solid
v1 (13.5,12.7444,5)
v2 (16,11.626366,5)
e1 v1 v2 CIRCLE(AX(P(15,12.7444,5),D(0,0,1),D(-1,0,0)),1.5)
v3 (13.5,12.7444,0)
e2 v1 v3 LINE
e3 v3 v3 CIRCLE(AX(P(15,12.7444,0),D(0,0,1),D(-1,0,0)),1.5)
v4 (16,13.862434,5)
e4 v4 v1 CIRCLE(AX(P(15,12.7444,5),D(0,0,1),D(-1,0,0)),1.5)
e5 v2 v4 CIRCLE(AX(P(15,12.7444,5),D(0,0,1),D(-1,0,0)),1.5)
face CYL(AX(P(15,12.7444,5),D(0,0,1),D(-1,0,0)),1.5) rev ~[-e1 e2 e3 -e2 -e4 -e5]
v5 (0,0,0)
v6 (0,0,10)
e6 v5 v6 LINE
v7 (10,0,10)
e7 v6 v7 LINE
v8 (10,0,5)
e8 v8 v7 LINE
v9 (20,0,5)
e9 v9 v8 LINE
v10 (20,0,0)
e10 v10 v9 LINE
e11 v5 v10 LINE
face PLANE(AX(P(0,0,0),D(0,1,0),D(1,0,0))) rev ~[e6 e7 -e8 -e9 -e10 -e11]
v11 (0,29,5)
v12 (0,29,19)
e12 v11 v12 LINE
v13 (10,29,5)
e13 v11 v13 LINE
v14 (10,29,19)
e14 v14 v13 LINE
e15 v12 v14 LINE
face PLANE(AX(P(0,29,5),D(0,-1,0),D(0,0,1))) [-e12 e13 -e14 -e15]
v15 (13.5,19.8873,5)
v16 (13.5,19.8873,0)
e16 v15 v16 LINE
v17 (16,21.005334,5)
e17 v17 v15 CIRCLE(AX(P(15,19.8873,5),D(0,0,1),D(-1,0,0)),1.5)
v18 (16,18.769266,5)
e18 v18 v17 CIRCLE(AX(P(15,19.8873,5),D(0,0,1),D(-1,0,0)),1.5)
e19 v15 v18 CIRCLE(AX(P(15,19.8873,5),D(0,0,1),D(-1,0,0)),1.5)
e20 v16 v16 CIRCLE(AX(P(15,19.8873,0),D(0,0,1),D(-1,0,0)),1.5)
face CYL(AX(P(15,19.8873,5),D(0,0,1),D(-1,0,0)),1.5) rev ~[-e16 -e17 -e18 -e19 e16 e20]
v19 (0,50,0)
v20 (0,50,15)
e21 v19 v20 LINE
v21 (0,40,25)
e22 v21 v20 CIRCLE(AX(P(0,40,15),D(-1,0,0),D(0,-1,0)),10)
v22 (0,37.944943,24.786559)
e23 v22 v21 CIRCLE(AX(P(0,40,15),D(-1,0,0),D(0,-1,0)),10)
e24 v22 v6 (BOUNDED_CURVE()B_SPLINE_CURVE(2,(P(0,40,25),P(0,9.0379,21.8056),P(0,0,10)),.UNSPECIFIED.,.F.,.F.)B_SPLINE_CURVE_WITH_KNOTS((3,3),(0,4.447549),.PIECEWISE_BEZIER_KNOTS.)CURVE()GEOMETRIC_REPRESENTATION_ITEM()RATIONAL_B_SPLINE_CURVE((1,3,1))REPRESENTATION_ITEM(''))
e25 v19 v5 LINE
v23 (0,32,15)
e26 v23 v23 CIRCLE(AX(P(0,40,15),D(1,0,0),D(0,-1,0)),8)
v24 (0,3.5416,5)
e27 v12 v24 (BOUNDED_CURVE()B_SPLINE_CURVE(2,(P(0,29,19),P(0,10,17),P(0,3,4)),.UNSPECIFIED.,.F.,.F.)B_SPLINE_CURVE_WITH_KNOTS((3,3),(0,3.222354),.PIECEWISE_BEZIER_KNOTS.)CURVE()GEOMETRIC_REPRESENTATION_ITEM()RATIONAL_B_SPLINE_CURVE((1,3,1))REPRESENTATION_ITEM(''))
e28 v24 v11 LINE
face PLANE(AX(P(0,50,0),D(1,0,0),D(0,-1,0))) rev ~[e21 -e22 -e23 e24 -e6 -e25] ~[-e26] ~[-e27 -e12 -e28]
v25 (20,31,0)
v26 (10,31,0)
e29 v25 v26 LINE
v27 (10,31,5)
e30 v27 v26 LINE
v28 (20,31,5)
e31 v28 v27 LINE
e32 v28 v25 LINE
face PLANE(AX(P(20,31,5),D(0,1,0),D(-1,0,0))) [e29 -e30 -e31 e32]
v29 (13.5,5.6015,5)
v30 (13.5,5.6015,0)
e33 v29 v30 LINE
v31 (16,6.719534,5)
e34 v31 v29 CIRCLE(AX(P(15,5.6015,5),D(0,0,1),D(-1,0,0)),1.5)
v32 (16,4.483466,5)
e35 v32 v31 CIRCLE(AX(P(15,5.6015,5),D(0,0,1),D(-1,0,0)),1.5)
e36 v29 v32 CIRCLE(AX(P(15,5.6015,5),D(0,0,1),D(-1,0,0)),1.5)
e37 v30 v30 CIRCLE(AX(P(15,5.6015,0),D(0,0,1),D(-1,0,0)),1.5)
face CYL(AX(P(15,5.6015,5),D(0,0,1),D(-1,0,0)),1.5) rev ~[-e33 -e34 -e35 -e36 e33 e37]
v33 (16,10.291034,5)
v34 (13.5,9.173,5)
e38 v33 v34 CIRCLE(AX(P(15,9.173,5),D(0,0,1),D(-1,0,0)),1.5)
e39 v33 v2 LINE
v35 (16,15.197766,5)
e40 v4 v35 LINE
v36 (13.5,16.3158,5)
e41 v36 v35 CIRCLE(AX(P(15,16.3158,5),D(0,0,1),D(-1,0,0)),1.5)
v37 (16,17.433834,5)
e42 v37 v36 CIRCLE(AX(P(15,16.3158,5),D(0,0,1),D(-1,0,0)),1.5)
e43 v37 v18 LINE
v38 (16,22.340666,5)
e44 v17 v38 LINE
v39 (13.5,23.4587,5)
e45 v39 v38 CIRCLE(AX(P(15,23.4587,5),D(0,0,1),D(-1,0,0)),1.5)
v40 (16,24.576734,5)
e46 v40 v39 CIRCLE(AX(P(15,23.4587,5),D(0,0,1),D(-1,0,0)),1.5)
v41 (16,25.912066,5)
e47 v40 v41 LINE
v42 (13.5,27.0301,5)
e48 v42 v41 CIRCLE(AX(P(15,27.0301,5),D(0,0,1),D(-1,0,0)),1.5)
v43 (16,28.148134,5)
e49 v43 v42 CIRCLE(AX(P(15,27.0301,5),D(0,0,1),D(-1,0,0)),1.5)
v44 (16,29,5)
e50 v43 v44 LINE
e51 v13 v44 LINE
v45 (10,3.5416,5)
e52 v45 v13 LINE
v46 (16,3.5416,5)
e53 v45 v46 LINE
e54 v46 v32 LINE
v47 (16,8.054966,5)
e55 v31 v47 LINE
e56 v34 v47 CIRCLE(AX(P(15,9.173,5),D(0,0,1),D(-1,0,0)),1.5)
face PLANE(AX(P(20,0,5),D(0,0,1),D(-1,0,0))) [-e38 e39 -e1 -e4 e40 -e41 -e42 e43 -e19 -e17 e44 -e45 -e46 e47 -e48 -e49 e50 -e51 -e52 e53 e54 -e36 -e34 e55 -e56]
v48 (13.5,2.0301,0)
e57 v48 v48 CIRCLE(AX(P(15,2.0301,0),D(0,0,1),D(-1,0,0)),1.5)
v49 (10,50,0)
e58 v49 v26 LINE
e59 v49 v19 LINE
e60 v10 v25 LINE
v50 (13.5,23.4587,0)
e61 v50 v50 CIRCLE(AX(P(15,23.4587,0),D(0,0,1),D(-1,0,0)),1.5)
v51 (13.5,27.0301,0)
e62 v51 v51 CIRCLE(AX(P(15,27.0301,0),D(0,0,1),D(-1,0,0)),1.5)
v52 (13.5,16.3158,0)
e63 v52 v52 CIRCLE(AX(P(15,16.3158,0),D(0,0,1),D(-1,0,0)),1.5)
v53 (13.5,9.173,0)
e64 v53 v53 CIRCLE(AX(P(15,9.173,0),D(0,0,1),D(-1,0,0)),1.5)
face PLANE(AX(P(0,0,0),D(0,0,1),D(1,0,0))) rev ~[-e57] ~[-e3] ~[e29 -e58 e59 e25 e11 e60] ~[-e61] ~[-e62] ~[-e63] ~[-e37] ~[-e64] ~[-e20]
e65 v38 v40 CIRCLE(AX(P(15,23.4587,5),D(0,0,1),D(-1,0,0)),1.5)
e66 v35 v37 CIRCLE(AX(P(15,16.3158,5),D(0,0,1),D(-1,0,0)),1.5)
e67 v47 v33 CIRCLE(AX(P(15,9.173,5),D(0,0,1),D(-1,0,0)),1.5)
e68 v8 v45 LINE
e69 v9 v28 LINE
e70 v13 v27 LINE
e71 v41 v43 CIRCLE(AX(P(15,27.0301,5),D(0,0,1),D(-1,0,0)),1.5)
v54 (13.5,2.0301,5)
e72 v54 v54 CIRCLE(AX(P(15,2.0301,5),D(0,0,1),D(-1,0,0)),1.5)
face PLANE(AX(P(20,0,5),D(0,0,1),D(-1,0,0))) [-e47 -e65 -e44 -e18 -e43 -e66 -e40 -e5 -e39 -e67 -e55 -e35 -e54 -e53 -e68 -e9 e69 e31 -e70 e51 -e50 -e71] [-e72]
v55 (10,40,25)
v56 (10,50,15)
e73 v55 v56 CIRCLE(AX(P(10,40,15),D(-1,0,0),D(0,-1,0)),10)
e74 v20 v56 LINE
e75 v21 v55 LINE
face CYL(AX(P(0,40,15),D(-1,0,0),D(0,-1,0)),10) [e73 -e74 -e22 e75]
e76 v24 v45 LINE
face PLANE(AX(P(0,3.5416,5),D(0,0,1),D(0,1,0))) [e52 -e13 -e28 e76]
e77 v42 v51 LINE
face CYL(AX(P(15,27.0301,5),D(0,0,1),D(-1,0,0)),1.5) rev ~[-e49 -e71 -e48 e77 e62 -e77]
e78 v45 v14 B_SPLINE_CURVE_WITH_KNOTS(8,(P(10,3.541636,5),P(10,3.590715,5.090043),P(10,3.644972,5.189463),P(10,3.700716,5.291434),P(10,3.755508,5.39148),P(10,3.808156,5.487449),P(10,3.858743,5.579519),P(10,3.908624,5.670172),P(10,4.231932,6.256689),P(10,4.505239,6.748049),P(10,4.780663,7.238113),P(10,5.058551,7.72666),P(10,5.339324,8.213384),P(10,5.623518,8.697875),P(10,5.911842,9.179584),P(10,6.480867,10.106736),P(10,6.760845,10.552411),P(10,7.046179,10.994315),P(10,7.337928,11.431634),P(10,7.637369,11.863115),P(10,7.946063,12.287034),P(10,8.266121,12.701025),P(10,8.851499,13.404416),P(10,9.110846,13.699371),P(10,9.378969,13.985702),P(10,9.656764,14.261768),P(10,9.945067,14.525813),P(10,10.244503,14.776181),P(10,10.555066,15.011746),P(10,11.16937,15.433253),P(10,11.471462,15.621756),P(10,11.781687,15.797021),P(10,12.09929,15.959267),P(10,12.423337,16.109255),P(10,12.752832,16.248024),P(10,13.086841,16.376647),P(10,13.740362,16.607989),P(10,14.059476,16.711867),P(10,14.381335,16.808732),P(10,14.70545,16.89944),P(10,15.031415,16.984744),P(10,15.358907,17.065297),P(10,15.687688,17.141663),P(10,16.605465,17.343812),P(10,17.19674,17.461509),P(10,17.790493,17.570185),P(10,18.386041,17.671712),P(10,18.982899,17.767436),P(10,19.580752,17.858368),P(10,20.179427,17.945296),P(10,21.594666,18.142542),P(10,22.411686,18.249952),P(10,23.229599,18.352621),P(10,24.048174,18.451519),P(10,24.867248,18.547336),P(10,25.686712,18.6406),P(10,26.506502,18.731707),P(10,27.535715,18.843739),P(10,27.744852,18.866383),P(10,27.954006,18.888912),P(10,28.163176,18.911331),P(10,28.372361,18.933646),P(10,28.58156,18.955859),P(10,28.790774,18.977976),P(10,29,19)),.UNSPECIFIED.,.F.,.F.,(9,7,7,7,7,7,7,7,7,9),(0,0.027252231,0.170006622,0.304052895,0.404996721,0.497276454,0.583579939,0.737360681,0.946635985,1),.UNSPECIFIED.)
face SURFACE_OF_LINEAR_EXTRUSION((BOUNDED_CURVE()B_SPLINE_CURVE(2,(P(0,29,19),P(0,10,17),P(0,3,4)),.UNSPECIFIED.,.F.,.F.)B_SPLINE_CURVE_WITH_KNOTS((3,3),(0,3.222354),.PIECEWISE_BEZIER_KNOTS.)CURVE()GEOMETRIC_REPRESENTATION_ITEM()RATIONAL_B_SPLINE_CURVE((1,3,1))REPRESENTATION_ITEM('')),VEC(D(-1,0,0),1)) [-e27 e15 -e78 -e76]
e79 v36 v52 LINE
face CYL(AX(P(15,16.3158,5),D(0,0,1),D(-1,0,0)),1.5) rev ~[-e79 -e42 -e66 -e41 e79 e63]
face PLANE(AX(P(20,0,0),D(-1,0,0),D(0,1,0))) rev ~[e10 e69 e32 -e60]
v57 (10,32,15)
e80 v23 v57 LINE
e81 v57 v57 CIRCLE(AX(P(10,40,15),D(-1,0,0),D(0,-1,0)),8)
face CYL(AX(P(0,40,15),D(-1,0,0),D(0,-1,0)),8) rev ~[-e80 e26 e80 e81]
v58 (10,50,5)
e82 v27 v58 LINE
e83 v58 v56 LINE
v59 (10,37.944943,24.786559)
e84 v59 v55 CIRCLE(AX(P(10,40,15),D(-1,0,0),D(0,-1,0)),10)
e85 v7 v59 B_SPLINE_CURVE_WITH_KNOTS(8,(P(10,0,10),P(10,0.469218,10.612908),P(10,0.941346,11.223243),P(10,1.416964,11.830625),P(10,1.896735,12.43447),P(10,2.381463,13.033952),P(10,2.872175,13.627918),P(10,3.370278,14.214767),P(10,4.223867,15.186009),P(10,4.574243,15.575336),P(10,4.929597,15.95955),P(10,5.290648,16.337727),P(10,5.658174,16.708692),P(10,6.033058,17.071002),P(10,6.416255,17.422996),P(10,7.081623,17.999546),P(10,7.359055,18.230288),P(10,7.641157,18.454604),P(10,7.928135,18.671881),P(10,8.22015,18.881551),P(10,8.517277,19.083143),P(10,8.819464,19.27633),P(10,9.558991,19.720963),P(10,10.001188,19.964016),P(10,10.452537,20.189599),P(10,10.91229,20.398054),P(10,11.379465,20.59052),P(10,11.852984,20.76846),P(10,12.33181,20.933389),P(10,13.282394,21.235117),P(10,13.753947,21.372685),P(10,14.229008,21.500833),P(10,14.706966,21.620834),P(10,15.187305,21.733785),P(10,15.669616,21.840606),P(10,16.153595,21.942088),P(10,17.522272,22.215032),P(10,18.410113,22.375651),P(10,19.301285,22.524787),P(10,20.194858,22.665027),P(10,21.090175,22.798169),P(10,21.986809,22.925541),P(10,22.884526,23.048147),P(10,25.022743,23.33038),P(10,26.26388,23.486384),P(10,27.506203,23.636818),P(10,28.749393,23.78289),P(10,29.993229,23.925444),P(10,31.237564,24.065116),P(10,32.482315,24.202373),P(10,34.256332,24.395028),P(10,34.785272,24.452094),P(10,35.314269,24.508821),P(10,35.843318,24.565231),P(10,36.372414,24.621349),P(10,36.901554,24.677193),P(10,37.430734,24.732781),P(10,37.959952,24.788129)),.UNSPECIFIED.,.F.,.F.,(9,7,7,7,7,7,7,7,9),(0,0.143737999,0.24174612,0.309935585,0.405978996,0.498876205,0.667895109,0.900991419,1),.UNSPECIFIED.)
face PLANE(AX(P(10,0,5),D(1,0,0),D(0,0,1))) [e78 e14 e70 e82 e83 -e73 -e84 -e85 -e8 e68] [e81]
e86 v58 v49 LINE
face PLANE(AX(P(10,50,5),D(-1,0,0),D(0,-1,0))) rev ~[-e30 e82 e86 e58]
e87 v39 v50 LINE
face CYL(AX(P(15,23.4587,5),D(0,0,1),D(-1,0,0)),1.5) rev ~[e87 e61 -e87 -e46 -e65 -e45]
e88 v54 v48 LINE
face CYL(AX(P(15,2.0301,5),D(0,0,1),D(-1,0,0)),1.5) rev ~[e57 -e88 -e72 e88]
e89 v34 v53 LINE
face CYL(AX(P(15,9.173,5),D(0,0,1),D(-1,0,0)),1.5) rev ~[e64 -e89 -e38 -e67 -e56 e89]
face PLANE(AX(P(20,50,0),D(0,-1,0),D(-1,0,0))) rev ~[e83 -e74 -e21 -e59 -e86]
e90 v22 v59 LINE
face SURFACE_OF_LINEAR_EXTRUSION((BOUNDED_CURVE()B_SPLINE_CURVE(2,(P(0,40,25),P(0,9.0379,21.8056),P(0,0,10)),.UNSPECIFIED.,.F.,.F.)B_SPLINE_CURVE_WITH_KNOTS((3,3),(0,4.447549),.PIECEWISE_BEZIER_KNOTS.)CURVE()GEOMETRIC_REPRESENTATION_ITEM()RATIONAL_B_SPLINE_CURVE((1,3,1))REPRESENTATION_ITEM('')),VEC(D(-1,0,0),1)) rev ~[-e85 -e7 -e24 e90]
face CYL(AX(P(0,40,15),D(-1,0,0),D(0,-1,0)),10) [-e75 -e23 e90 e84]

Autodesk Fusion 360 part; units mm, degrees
sketch "Sketch1" plane through (0, 0, 0) normal (0, 0, 1) x (1, 0, 0)
  line L0 (0, 0) -> (20, 0)
  line L1 (20, 0) -> (20, 50)
  line L2 (20, 50) -> (0, 50)
  line L3 (0, 50) -> (0, 0)
  dimension "d1" = 50
extrude "Extrude1" add sketch "Sketch1" along normal blind 30
sketch "Sketch2" plane through (0, 0, 0) normal (0, -1, 0) x (1, 0, 0)
  line L0 (0, 0) -> (20, 0)
  line L1 (20, 0) -> (20, 30)
  line L2 (20, 30) -> (0, 30)
  line L3 (0, 30) -> (0, 0)
  line L4 (0, 30) -> (10, 30)
  line L5 (20, 0) -> (20, 5)
  line L6 (20, 5) -> (10, 5)
  line L7 (10, 5) -> (10, 30)
  dimension "d4" = 5
extrude "Extrude2" cut sketch "Sketch2" against normal blind 70 contours L1 L2 L6 L7
sketch "Sketch3" plane through (0, 0, 0) normal (-1, 0, 0) x (0, -1, 0)
  line L0 (-50, 0) -> (0, 0)
  line L1 (0, 0) -> (0, 30)
  line L2 (0, 30) -> (-50, 30)
  line L3 (-50, 30) -> (-50, 0)
  line L4 (-50, 15) -> (-40, 15)
  line L5 (-40, 15) -> (-40, 30)
  circle A0 centre (-40, 15) radius 8
  dimension "d7" = 16
extrude "Extrude3" cut sketch "Sketch3" against normal blind 15 contours L4 L5 A0 | L4 L5 A0
sketch "Sketch4" plane through (0, 0, 5) normal (0, 0, 1) x (-1, 0, 0)
  line L0 (-20, -50) -> (-10, -50)
  line L1 (-10, -50) -> (-10, 0)
  line L2 (-10, 0) -> (-20, 0)
  line L3 (-20, 0) -> (-20, -50)
  circle A0 centre (-15, -45) radius 0.25
  line L4 (-10, -30) -> (-20, -30)
  circle A1 centre (-15, -27.0301) radius 1.5
  circle A2 centre (-15, -23.4587) radius 1.5
  circle A3 centre (-15, -19.8873) radius 1.5
  circle A4 centre (-15, -16.3158) radius 1.5
  circle A5 centre (-15, -12.7444) radius 1.5
  circle A6 centre (-15, -9.173) radius 1.5
  circle A7 centre (-15, -5.6015) radius 1.5
  circle A8 centre (-15, -2.0301) radius 1.5
  dimension "d11" = 3
  dimension "d14" = 0
  dimension "d15" = 25
extrude "Extrude4" cut sketch "Sketch4" against normal blind 15 contours A1 | A2 | A3 | A4 | A5 | A6 | A7 | A8
sketch "Sketch5" plane through (0, 0, 0) normal (-1, 0, 0) x (0, -1, 0)
  circle A0 centre (-40, 15) radius 8
  line L0 (-50, 0) -> (0, 0)
  line L1 (0, 0) -> (0, 30)
  line L2 (0, 30) -> (-50, 30)
  line L3 (-50, 30) -> (-50, 0)
  circle A1 centre (-40, 15) radius 10
  spline S0 degree 2 poles (-40, 25) (-9.0379, 21.8056) (0, 10) knots 0 0 0 4.447549 4.447549 4.447549 weights 1 3 1
extrude "Extrude5" cut sketch "Sketch5" against normal blind 60 contours L1 L2 L3 A1 S0
sketch "Sketch6" plane through (0, 0, 0) normal (-1, 0, 0) x (0, -1, 0)
  arc A0 (-37.945, 24.7866) -> (-50, 15) centre (-40, 15) ccw
  line L0 (-50, 15) -> (-50, 0)
  line L1 (-50, 0) -> (0, 0)
  line L2 (0, 0) -> (0, 10)
  spline S0 degree 2 poles (0, 10) (-9.0024, 21.7593) (-37.945, 24.7866) knots -4.447549 -4.447549 -4.447549 -0.051947 -0.051947 -0.051947 weights 1 2.97664 1.046174
  circle A1 centre (-40, 15) radius 8
  line L3 (-3, 4) -> (-4, 4)
  line L4 (-4, 4) -> (-29, 4)
  line L5 (-29, 4) -> (-29, 19)
  spline S1 degree 2 poles (-29, 19) (-10, 17) (-3, 4) knots 0 0 0 3.222354 3.222354 3.222354 weights 1 3 1
  line L6 (-3.5416, 5) -> (-29, 5)
extrude "Extrude6" cut sketch "Sketch6" against normal blind 16 contours L5 S1 L6
sketch "Sketch7" plane through (0, 0, 5) normal (0, 0, 1) x (-1, 0, 0)
  circle A0 centre (-15, -9.173) radius 1.5
  circle A1 centre (-15, -5.6015) radius 1.5
  circle A2 centre (-15, -12.7444) radius 1.5
  circle A3 centre (-15, -16.3158) radius 1.5
  line L0 (-10, -3.5416) -> (-10, 0)
  line L1 (-10, 0) -> (-20, 0)
  line L2 (-20, 0) -> (-20, -50)
  line L3 (-20, -50) -> (-10, -50)
  line L4 (-10, -50) -> (-10, -29)
  line L5 (-10, -29) -> (0, -29)
  line L6 (0, -29) -> (0, -3.5416)
  line L7 (0, -3.5416) -> (-10, -3.5416)
  circle A4 centre (-15, -19.8873) radius 1.5
  circle A5 centre (-15, -27.0301) radius 1.5
  circle A6 centre (-15, -23.4587) radius 1.5
  circle A7 centre (-15, -2.0301) radius 1.5
  line L8 (-10, -50) -> (-10, -31)
  line L9 (-20, -31) -> (-10, -31)
  line L10 (-20, -31) -> (-20, -50)
  line L11 (-10, -50) -> (-20, -50)
extrude "Extrude7" cut sketch "Sketch7" against normal blind 15 contours L2 L3 L4 L8 L9 L10 L11
